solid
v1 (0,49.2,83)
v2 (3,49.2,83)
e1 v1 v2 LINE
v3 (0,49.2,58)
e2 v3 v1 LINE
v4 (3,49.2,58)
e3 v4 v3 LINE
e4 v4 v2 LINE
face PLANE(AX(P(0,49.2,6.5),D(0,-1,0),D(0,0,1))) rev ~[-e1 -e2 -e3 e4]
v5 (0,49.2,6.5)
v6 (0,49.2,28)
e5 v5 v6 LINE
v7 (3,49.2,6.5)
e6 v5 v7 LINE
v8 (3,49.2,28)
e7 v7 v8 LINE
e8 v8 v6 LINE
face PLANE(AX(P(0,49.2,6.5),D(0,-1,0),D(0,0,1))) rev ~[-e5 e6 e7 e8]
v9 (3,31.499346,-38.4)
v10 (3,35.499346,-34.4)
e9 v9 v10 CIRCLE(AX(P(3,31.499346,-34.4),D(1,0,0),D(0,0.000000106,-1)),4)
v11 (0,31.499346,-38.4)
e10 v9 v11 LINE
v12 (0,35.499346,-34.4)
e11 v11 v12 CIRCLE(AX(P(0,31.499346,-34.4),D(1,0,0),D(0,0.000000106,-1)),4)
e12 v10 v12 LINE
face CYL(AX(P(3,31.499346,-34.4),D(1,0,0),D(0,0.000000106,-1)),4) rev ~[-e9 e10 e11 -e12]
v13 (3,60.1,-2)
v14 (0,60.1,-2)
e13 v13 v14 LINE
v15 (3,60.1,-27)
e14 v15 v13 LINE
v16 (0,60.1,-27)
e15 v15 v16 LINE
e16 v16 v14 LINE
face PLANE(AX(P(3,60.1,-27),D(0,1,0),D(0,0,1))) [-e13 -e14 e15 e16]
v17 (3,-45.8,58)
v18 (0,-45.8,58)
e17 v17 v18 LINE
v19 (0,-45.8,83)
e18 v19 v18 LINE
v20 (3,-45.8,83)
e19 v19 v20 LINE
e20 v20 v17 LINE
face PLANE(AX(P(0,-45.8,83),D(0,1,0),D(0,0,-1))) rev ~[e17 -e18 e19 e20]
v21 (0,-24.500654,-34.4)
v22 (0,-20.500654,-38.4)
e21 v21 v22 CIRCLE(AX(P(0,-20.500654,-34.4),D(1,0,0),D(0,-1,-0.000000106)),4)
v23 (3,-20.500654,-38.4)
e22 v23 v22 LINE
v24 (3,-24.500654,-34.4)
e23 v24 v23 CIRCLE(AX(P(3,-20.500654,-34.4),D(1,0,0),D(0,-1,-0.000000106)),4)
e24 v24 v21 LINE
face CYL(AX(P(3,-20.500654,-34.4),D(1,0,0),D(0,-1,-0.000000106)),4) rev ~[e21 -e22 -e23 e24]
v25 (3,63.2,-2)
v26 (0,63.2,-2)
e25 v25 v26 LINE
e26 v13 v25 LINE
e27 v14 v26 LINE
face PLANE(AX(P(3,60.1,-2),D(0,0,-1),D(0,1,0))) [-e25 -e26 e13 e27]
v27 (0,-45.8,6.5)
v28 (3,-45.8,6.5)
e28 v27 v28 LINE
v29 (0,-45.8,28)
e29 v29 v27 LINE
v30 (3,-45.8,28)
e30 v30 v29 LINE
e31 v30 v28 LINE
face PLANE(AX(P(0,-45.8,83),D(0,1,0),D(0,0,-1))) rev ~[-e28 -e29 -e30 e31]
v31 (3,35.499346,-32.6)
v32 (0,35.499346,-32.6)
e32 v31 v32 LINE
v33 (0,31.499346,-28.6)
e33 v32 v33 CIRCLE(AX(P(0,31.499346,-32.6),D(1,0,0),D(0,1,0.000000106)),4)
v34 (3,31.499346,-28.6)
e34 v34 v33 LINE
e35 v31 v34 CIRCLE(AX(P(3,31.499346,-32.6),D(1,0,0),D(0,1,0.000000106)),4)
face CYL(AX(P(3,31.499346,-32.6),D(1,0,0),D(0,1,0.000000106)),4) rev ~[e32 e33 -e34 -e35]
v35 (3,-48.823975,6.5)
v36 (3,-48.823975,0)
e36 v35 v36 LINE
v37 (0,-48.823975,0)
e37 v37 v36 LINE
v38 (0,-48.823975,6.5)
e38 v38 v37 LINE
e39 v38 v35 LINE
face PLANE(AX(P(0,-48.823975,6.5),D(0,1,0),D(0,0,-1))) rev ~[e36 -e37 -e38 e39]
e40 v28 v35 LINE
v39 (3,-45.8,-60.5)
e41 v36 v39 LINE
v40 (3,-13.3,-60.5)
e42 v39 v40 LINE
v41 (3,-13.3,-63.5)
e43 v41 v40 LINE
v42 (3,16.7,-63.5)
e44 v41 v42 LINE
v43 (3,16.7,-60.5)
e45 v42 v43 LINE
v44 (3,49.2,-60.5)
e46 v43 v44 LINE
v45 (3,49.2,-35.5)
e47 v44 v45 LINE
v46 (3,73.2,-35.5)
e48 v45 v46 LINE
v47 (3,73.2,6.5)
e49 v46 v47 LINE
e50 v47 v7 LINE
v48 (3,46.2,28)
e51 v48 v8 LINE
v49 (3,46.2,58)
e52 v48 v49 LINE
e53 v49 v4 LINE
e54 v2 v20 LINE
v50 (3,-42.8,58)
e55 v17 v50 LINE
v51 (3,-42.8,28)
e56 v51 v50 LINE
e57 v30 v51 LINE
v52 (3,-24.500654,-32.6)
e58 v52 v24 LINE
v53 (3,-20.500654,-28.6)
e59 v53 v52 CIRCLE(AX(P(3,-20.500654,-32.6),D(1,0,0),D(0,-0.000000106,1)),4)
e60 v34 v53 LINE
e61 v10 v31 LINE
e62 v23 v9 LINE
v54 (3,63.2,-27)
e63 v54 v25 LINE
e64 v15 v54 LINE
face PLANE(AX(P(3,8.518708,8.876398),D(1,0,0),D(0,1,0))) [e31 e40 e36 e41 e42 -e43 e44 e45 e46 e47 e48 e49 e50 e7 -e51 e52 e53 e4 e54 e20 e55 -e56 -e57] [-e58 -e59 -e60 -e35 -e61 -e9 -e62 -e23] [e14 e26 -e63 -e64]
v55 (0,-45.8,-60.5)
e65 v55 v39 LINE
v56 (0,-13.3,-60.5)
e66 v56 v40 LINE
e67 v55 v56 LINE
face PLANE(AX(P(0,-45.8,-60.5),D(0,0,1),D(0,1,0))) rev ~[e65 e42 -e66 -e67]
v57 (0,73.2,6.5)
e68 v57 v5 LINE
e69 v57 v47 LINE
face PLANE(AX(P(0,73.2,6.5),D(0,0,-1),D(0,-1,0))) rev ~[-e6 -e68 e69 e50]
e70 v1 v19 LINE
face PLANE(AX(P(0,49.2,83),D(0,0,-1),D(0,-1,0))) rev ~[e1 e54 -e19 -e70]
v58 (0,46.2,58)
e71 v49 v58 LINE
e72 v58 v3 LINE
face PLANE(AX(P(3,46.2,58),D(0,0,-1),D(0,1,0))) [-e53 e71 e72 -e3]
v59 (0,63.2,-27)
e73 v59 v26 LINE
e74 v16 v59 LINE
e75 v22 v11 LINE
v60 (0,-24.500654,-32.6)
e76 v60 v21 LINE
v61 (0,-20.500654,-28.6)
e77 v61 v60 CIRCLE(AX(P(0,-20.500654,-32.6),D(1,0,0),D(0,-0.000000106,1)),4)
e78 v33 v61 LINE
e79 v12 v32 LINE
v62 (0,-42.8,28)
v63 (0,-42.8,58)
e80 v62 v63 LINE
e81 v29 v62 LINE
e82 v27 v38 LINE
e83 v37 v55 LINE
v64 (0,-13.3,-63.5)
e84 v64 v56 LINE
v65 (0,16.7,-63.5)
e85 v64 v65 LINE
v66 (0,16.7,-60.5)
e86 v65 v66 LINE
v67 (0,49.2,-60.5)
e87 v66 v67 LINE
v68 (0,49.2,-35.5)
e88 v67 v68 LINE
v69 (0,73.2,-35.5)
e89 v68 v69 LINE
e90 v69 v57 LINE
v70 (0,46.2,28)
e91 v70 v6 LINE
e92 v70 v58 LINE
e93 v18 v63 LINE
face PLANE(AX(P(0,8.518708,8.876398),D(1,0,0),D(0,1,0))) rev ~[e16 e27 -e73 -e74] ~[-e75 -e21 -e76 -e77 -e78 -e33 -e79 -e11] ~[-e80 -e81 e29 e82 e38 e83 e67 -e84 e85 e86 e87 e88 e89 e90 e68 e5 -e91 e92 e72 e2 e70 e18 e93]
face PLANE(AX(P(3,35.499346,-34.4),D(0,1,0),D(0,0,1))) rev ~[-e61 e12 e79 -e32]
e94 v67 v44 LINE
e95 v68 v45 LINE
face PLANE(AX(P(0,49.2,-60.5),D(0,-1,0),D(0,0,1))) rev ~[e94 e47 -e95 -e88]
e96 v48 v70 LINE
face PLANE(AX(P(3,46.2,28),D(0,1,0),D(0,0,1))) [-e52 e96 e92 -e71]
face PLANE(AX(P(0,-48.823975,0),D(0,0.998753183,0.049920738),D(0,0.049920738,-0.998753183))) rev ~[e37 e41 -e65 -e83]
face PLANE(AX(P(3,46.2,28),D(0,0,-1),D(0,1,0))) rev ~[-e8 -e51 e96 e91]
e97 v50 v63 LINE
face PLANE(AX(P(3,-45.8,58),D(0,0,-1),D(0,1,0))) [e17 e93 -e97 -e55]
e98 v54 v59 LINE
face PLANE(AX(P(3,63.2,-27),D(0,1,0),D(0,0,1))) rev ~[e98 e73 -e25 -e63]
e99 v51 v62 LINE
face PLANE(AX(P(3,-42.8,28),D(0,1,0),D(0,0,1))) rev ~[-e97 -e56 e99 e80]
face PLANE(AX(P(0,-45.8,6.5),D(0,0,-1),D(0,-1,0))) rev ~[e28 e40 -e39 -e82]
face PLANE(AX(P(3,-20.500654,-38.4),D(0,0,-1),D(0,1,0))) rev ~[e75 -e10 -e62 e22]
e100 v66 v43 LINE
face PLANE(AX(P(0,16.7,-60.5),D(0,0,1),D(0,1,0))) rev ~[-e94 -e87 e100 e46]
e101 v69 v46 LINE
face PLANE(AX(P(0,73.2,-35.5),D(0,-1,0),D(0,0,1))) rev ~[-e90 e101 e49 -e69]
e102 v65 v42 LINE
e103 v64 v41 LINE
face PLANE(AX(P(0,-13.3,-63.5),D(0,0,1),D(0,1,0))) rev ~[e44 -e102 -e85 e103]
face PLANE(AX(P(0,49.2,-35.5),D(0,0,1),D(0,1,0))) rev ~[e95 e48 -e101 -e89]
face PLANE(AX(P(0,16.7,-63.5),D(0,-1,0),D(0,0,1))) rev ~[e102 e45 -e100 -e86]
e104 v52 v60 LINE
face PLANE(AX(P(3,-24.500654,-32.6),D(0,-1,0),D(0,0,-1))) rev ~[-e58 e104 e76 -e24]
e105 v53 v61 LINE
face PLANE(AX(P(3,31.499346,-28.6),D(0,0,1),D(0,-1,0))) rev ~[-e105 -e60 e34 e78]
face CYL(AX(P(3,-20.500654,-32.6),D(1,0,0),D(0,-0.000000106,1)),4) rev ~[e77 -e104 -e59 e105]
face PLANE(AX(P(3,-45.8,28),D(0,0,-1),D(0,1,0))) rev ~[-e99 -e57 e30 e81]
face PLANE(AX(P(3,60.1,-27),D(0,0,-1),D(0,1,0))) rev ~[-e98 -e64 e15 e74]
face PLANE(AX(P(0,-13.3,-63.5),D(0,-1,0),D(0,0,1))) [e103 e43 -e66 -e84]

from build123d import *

# Parameters (mm, degrees)
F0_W     = 30
F0_H     = 3
F1_DEPTH = 3
F2_W     = 3.1
F2_H     = 25
F3_DEPTH = 25
F5_DEPTH = 25
F6_W     = 3
F6_H     = 30
F7_DEPTH = 25


with BuildPart() as f1:
    # F0 (on Right) → F1 (new body)
    with BuildSketch(Plane.YZ):
        Polygon((-45.8, 83), (-45.8, 6.5), (-48.823975, 6.5), (-48.823975, 0), (-45.8, -60.5), (-13.3, -60.5), (16.7, -60.5), (49.2, -60.5), (49.2, -35.5), (73.2, -35.5), (73.2, 6.5), (49.2, 6.5), (49.2, 83), align=None)
        with Locations((1.7, -62)):
            Rectangle(F0_W, F0_H)
    extrude(amount=F1_DEPTH)

    # F2 (on face) → F3 (cut)
    with BuildSketch(Plane.YZ.offset(3)):
        with Locations((61.65, -14.5)):
            Rectangle(F2_W, F2_H)
    extrude(amount=-F3_DEPTH, mode=Mode.SUBTRACT)

    # F4 (on face) → F5 (cut)
    with BuildSketch(Plane.YZ.offset(3)):
        with BuildLine():
            Line((31.499346, -28.6), (-20.500654, -28.6))
            ThreePointArc((-20.500654, -28.6), (-23.329081, -29.771573), (-24.500654, -32.6))
            Line((-24.500654, -32.6), (-24.500654, -34.4))
            ThreePointArc((-24.500654, -34.4), (-23.329081, -37.228427), (-20.500654, -38.4))
            Line((-20.500654, -38.4), (31.499346, -38.4))
            ThreePointArc((31.499346, -38.4), (34.327773, -37.228427), (35.499346, -34.4))
            Line((35.499346, -34.4), (35.499346, -32.6))
            ThreePointArc((35.499346, -32.6), (34.327773, -29.771573), (31.499346, -28.6))
        make_face()
    extrude(amount=-F5_DEPTH, mode=Mode.SUBTRACT)

    # F6 (on face) → F7 (cut)
    with BuildSketch(Plane.YZ.offset(3)):
        with Locations((-44.3, 43)):
            Rectangle(F6_W, F6_H)
        with Locations((47.7, 43)):
            Rectangle(F6_W, F6_H)
    extrude(amount=-F7_DEPTH, mode=Mode.SUBTRACT)


solid = f1.part
